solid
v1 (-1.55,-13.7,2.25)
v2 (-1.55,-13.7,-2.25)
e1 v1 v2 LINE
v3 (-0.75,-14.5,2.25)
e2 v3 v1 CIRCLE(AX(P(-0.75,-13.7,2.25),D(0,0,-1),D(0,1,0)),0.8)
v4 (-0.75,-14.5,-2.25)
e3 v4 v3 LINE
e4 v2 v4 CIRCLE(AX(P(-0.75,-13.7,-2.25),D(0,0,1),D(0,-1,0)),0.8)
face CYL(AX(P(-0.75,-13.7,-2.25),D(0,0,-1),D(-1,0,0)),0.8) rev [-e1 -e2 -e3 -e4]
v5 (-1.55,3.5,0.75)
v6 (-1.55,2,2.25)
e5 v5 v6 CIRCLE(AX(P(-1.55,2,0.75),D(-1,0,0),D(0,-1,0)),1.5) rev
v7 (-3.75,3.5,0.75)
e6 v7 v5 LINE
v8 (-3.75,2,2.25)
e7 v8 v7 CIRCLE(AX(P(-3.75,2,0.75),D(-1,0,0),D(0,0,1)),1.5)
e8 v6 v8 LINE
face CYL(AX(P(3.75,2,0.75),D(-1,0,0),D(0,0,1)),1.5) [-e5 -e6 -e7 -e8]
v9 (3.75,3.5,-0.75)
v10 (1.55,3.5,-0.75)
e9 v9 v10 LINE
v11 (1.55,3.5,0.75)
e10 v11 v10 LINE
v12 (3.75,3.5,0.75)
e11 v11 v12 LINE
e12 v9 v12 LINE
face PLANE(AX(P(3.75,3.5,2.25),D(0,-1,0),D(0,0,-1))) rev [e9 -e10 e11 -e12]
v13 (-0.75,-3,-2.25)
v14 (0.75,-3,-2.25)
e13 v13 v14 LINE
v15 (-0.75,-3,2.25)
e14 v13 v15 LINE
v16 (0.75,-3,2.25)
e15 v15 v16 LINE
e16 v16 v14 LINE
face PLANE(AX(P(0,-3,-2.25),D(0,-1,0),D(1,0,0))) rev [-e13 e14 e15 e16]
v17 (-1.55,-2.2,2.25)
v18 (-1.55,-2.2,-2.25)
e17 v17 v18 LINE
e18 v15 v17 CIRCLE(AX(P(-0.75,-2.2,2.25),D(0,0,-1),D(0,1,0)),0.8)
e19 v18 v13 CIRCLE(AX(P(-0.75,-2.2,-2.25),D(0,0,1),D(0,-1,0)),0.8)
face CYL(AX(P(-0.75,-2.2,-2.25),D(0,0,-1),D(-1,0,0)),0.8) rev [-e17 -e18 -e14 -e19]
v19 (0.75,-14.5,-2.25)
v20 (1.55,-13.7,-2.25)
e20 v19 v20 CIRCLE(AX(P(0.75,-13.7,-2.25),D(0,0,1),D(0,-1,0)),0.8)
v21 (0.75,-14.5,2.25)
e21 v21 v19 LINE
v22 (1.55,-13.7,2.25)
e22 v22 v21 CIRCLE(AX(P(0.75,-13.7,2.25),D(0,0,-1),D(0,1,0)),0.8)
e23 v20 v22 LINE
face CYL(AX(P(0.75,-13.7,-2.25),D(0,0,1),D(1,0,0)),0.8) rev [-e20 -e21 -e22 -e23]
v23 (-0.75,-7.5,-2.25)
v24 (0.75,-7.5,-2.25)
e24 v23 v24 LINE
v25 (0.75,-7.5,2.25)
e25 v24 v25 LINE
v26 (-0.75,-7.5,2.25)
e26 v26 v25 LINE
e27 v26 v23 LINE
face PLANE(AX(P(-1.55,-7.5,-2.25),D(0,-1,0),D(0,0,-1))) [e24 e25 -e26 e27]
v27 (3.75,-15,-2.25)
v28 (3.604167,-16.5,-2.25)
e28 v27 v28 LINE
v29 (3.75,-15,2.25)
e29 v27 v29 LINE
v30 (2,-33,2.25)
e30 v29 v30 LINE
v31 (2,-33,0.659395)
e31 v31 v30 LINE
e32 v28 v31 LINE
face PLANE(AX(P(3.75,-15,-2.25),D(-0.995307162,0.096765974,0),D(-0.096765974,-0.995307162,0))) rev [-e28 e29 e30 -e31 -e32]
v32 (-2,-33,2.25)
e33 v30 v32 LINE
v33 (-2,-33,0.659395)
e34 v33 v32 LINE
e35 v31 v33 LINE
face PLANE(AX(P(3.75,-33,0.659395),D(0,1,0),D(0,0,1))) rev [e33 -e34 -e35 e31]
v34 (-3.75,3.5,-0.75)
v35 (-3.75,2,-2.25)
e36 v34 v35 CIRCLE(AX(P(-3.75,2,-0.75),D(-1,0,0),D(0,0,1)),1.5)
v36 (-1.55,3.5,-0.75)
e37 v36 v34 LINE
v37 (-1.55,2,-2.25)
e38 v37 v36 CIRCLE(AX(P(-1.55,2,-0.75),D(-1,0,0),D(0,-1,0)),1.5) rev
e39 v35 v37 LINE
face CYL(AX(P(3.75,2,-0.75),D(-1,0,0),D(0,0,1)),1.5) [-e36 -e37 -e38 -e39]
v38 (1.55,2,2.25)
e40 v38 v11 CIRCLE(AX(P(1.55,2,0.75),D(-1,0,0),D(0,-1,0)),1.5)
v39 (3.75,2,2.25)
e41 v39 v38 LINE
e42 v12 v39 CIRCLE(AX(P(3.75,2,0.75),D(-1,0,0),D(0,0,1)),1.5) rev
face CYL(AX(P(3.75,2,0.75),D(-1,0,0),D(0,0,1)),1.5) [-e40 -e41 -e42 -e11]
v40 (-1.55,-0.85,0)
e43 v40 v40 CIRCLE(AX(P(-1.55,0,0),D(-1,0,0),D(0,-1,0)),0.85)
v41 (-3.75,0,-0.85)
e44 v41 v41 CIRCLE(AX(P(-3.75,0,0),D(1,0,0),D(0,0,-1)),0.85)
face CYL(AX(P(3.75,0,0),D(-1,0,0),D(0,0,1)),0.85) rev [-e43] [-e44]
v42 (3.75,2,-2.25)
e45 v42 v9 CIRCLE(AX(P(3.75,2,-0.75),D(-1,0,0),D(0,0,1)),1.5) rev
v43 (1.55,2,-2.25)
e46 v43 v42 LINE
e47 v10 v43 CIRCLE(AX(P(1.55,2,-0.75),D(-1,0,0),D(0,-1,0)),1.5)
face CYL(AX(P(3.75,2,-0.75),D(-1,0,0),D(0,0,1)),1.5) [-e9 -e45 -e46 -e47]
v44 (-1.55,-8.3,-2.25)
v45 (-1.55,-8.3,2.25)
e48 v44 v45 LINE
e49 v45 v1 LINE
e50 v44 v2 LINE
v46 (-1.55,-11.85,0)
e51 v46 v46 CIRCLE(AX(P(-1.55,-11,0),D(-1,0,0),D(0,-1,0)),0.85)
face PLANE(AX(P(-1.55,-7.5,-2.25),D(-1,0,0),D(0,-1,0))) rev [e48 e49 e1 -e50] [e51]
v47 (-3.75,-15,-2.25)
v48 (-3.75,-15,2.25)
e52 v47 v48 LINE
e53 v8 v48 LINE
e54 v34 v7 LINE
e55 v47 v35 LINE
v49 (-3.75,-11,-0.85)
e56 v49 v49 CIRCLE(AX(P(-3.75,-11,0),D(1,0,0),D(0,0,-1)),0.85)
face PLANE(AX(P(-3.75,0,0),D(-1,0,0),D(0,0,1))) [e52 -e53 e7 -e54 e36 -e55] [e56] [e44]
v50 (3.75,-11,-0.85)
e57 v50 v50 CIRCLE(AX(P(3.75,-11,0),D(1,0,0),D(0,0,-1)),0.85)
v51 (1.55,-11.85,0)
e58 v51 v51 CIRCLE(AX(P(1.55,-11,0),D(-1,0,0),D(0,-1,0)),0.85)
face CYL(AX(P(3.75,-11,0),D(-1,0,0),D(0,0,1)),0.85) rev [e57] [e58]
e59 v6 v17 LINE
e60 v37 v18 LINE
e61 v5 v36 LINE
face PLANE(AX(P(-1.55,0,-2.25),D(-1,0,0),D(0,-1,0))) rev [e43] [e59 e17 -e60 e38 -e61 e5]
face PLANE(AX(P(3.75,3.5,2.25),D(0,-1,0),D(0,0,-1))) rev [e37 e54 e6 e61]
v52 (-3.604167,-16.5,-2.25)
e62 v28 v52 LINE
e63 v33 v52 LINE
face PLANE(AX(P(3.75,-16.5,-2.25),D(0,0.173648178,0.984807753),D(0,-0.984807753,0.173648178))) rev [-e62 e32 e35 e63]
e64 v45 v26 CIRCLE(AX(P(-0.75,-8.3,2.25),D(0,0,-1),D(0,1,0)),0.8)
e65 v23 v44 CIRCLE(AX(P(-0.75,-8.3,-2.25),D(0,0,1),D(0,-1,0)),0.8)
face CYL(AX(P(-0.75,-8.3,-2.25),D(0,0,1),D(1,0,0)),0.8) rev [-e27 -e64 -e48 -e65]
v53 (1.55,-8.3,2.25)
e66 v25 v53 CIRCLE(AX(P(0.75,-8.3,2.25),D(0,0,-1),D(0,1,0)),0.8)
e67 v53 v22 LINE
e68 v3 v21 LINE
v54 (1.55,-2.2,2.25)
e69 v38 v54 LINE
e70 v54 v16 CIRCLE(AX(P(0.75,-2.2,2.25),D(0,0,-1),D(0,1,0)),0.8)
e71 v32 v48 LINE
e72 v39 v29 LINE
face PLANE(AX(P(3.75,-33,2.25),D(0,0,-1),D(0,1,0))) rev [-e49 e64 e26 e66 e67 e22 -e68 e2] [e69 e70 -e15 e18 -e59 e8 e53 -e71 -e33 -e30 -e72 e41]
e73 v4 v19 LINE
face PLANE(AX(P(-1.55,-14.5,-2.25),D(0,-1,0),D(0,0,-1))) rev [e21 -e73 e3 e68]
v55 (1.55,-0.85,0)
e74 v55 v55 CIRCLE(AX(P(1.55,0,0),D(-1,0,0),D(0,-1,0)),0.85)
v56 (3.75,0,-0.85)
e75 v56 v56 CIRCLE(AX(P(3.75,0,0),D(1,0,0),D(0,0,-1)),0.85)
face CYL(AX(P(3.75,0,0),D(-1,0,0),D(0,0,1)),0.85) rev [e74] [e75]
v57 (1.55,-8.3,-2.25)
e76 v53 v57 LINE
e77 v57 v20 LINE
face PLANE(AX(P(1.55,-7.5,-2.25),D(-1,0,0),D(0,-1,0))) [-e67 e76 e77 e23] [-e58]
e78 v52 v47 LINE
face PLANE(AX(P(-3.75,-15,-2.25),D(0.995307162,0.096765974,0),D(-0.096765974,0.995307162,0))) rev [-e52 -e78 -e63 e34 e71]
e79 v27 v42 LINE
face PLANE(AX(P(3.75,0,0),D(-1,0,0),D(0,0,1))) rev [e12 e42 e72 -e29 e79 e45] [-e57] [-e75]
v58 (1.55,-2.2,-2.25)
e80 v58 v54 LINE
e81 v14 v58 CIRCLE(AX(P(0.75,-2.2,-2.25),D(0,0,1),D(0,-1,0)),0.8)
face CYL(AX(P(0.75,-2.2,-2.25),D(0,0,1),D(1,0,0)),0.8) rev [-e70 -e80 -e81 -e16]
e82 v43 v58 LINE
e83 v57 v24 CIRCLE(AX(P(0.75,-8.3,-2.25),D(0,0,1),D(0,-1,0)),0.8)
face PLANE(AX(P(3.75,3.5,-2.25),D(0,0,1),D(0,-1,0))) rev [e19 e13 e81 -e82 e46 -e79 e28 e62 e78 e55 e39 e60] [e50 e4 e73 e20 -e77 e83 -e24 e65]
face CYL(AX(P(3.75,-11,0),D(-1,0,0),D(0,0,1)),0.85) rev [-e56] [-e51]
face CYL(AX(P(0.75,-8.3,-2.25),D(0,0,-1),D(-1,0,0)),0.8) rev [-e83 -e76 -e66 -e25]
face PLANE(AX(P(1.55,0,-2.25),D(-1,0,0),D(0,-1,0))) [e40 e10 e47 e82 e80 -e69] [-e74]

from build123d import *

# Parameters (mm, degrees)
SKETCH_1_R               = 0.85
EXTRUDE_1_DEPTH          = 3.75
SKETCH_2_W               = 3.1
SKETCH_2_H               = 7.782870542
SKETCH_2_H_2             = 7
CUT_EXTRUDE_1_DEPTH      = 3.25
CUT_EXTRUDE_1_DEPTH_BACK = 3.25
FILLET_1_R               = 1.5
FILLET_2_R               = 0.8
CUT_EXTRUDE_2_DEPTH      = 5.5


with BuildPart() as part:
    # 草图1 → 凸台-拉伸1 (new body, symmetric)
    with BuildSketch(Plane(origin=(0, 0, 0), x_dir=(0, 0, -1), z_dir=(1, 0, 0))):
        Polygon((-2.25, 3.5), (2.25, 3.5), (2.25, -16.5), (-0.659395182, -33), (-2.25, -33), align=None)
        Circle(SKETCH_1_R, mode=Mode.SUBTRACT)
        with Locations((0, -11)):
            Circle(SKETCH_1_R, mode=Mode.SUBTRACT)
    extrude(amount=EXTRUDE_1_DEPTH, both=True)

    # 草图2 → 切除-拉伸1 (cut, two sides)
    with BuildSketch(Plane.XY) as cut_extrude_1_sk:
        with Locations((0, 0.891435271)):
            Rectangle(SKETCH_2_W, SKETCH_2_H)
        with Locations((0, -11)):
            Rectangle(SKETCH_2_W, SKETCH_2_H_2)
    extrude(amount=CUT_EXTRUDE_1_DEPTH, mode=Mode.SUBTRACT)
    extrude(cut_extrude_1_sk.sketch, amount=-CUT_EXTRUDE_1_DEPTH_BACK, mode=Mode.SUBTRACT)

    # 圆角1
    fillet_1_edges = [part.edges().sort_by_distance(p)[0] for p in [
        (-2.65, 3.5, 2.25),
        (-2.65, 3.5, -2.25),
        (2.65, 3.5, 2.25),
        (2.65, 3.5, -2.25),
    ]]
    fillet(fillet_1_edges, radius=FILLET_1_R)

    # 圆角2
    fillet_2_edges = [part.edges().sort_by_distance(p)[0] for p in [
        (-1.55, -3, 0),
        (1.55, -3, 0),
        (-1.55, -7.5, 0),
        (1.55, -7.5, 0),
        (1.55, -14.5, 0),
        (-1.55, -14.5, 0),
    ]]
    fillet(fillet_2_edges, radius=FILLET_2_R)

    # 草图3 → 切除-拉伸2 (cut, through all)
    with BuildSketch(Plane.XY.offset(2.25)):
        Polygon((-3.75, -15), (-2, -33), (-6.857355495, -33), align=None)
        Polygon((6.857355495, -33), (3.75, -15), (2, -33), align=None)
    extrude(amount=-CUT_EXTRUDE_2_DEPTH, mode=Mode.SUBTRACT)


solid = part.part
